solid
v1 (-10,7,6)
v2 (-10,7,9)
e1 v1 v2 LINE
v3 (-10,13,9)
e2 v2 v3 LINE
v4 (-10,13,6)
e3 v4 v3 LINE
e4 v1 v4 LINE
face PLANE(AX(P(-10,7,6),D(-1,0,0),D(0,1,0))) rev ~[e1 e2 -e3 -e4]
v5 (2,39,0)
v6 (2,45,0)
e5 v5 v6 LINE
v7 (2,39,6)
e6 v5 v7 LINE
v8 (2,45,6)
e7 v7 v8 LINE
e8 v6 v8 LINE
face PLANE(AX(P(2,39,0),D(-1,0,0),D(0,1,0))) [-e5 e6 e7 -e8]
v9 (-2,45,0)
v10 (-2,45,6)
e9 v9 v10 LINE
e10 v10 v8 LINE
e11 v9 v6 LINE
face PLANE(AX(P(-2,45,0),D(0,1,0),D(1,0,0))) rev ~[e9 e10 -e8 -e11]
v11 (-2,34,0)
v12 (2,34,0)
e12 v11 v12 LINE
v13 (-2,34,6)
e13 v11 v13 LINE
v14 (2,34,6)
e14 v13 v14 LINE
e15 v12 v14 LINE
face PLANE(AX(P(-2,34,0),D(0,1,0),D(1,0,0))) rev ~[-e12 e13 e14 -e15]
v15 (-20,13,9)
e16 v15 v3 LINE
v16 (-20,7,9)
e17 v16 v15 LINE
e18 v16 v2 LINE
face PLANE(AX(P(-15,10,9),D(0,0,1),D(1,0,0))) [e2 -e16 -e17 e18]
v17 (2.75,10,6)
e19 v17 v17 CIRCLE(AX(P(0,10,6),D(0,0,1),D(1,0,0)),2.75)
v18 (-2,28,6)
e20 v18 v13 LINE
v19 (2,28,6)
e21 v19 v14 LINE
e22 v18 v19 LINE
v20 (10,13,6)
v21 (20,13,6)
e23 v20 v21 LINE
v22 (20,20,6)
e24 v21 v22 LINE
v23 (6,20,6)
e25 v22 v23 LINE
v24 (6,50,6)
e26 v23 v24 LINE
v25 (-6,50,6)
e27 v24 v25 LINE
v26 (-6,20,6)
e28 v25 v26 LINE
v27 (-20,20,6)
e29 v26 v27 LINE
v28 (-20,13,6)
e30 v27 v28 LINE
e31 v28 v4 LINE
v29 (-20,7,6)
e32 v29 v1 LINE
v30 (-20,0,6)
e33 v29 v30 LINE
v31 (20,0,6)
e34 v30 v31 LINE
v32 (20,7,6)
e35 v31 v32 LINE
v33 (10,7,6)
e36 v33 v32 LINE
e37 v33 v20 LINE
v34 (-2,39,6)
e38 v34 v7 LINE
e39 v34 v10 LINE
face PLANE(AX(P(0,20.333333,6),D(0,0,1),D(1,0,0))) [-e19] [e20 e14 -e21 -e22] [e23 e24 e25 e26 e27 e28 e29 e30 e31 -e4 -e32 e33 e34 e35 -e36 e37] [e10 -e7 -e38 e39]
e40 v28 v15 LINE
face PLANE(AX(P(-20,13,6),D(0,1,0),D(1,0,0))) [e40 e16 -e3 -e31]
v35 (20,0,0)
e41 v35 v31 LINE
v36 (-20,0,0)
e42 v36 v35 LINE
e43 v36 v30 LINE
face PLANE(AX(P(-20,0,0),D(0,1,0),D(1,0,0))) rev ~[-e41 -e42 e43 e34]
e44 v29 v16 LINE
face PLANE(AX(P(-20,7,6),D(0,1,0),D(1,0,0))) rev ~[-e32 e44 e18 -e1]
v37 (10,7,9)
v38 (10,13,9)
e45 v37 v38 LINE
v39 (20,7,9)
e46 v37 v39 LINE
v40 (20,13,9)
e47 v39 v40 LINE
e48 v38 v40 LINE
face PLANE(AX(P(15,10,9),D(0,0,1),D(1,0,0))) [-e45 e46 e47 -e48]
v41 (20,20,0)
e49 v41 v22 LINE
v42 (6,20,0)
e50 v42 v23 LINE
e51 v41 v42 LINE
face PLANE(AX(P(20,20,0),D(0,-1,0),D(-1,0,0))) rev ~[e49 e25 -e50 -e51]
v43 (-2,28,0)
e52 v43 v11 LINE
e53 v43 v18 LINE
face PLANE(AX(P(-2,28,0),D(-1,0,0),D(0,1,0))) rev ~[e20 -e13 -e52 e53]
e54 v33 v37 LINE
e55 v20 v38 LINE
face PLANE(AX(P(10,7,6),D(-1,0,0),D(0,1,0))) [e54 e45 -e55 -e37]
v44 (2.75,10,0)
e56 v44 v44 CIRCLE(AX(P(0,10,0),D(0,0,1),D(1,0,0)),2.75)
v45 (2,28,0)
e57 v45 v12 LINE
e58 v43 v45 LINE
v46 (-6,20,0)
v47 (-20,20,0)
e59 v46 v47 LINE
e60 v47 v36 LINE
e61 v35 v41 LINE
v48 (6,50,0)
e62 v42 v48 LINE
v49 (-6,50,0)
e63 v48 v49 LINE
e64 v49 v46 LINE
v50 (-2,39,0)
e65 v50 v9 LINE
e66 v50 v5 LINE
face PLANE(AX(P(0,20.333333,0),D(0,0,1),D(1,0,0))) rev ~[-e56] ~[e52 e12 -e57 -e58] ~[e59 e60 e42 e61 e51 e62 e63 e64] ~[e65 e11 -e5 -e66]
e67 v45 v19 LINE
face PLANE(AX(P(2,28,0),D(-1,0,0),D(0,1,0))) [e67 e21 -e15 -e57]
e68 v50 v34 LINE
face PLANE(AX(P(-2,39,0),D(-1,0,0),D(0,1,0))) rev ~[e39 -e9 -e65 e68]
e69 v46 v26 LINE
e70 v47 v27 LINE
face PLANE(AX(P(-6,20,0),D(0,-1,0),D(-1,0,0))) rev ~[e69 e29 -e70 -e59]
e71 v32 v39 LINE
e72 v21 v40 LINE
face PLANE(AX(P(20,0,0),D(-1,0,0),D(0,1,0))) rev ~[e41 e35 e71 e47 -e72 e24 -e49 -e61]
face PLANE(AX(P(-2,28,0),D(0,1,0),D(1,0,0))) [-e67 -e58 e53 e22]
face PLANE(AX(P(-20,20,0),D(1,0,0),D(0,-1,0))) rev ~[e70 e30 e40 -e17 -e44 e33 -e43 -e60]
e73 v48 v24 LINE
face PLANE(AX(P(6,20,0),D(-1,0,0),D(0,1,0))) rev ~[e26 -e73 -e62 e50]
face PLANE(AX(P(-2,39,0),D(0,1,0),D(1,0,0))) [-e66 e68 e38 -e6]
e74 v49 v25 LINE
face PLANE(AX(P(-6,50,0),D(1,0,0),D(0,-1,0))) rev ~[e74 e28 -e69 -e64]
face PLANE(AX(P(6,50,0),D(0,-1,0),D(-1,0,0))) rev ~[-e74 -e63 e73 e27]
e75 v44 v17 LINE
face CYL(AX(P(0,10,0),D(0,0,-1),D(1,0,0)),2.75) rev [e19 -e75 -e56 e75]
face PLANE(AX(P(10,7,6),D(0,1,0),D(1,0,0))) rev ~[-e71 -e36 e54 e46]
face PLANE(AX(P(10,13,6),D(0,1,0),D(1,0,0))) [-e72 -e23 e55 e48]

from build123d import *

# Parameters (mm, degrees)
SKETCH_R     = 2.75
SKETCH_W     = 4
SKETCH_H     = 6
PAD_DEPTH    = 6
SKETCH001_W  = 10
SKETCH001_H  = 6
PAD001_DEPTH = 3


with BuildPart() as part:
    # Sketch → Pad (new body)
    with BuildSketch(Plane.XY):
        Polygon((-6, 50), (-6, 20), (-20, 20), (-20, 0), (20, 0), (20, 20), (6, 20), (6, 50), align=None)
        with Locations((0, 10)):
            Circle(SKETCH_R, mode=Mode.SUBTRACT)
        with Locations((0, 42)):
            Rectangle(SKETCH_W, SKETCH_H, mode=Mode.SUBTRACT)
        with Locations((0, 31)):
            Rectangle(SKETCH_W, SKETCH_H, mode=Mode.SUBTRACT)
    extrude(amount=PAD_DEPTH)

    # Sketch001 (on Face19 of Pad) → Pad001 (join)
    with BuildSketch(Plane.XY.offset(6)):
        with Locations((-15, 10)):
            Rectangle(SKETCH001_W, SKETCH001_H)
        with Locations((15, 10)):
            Rectangle(SKETCH001_W, SKETCH001_H)
    extrude(amount=PAD001_DEPTH)


solid = part.part
